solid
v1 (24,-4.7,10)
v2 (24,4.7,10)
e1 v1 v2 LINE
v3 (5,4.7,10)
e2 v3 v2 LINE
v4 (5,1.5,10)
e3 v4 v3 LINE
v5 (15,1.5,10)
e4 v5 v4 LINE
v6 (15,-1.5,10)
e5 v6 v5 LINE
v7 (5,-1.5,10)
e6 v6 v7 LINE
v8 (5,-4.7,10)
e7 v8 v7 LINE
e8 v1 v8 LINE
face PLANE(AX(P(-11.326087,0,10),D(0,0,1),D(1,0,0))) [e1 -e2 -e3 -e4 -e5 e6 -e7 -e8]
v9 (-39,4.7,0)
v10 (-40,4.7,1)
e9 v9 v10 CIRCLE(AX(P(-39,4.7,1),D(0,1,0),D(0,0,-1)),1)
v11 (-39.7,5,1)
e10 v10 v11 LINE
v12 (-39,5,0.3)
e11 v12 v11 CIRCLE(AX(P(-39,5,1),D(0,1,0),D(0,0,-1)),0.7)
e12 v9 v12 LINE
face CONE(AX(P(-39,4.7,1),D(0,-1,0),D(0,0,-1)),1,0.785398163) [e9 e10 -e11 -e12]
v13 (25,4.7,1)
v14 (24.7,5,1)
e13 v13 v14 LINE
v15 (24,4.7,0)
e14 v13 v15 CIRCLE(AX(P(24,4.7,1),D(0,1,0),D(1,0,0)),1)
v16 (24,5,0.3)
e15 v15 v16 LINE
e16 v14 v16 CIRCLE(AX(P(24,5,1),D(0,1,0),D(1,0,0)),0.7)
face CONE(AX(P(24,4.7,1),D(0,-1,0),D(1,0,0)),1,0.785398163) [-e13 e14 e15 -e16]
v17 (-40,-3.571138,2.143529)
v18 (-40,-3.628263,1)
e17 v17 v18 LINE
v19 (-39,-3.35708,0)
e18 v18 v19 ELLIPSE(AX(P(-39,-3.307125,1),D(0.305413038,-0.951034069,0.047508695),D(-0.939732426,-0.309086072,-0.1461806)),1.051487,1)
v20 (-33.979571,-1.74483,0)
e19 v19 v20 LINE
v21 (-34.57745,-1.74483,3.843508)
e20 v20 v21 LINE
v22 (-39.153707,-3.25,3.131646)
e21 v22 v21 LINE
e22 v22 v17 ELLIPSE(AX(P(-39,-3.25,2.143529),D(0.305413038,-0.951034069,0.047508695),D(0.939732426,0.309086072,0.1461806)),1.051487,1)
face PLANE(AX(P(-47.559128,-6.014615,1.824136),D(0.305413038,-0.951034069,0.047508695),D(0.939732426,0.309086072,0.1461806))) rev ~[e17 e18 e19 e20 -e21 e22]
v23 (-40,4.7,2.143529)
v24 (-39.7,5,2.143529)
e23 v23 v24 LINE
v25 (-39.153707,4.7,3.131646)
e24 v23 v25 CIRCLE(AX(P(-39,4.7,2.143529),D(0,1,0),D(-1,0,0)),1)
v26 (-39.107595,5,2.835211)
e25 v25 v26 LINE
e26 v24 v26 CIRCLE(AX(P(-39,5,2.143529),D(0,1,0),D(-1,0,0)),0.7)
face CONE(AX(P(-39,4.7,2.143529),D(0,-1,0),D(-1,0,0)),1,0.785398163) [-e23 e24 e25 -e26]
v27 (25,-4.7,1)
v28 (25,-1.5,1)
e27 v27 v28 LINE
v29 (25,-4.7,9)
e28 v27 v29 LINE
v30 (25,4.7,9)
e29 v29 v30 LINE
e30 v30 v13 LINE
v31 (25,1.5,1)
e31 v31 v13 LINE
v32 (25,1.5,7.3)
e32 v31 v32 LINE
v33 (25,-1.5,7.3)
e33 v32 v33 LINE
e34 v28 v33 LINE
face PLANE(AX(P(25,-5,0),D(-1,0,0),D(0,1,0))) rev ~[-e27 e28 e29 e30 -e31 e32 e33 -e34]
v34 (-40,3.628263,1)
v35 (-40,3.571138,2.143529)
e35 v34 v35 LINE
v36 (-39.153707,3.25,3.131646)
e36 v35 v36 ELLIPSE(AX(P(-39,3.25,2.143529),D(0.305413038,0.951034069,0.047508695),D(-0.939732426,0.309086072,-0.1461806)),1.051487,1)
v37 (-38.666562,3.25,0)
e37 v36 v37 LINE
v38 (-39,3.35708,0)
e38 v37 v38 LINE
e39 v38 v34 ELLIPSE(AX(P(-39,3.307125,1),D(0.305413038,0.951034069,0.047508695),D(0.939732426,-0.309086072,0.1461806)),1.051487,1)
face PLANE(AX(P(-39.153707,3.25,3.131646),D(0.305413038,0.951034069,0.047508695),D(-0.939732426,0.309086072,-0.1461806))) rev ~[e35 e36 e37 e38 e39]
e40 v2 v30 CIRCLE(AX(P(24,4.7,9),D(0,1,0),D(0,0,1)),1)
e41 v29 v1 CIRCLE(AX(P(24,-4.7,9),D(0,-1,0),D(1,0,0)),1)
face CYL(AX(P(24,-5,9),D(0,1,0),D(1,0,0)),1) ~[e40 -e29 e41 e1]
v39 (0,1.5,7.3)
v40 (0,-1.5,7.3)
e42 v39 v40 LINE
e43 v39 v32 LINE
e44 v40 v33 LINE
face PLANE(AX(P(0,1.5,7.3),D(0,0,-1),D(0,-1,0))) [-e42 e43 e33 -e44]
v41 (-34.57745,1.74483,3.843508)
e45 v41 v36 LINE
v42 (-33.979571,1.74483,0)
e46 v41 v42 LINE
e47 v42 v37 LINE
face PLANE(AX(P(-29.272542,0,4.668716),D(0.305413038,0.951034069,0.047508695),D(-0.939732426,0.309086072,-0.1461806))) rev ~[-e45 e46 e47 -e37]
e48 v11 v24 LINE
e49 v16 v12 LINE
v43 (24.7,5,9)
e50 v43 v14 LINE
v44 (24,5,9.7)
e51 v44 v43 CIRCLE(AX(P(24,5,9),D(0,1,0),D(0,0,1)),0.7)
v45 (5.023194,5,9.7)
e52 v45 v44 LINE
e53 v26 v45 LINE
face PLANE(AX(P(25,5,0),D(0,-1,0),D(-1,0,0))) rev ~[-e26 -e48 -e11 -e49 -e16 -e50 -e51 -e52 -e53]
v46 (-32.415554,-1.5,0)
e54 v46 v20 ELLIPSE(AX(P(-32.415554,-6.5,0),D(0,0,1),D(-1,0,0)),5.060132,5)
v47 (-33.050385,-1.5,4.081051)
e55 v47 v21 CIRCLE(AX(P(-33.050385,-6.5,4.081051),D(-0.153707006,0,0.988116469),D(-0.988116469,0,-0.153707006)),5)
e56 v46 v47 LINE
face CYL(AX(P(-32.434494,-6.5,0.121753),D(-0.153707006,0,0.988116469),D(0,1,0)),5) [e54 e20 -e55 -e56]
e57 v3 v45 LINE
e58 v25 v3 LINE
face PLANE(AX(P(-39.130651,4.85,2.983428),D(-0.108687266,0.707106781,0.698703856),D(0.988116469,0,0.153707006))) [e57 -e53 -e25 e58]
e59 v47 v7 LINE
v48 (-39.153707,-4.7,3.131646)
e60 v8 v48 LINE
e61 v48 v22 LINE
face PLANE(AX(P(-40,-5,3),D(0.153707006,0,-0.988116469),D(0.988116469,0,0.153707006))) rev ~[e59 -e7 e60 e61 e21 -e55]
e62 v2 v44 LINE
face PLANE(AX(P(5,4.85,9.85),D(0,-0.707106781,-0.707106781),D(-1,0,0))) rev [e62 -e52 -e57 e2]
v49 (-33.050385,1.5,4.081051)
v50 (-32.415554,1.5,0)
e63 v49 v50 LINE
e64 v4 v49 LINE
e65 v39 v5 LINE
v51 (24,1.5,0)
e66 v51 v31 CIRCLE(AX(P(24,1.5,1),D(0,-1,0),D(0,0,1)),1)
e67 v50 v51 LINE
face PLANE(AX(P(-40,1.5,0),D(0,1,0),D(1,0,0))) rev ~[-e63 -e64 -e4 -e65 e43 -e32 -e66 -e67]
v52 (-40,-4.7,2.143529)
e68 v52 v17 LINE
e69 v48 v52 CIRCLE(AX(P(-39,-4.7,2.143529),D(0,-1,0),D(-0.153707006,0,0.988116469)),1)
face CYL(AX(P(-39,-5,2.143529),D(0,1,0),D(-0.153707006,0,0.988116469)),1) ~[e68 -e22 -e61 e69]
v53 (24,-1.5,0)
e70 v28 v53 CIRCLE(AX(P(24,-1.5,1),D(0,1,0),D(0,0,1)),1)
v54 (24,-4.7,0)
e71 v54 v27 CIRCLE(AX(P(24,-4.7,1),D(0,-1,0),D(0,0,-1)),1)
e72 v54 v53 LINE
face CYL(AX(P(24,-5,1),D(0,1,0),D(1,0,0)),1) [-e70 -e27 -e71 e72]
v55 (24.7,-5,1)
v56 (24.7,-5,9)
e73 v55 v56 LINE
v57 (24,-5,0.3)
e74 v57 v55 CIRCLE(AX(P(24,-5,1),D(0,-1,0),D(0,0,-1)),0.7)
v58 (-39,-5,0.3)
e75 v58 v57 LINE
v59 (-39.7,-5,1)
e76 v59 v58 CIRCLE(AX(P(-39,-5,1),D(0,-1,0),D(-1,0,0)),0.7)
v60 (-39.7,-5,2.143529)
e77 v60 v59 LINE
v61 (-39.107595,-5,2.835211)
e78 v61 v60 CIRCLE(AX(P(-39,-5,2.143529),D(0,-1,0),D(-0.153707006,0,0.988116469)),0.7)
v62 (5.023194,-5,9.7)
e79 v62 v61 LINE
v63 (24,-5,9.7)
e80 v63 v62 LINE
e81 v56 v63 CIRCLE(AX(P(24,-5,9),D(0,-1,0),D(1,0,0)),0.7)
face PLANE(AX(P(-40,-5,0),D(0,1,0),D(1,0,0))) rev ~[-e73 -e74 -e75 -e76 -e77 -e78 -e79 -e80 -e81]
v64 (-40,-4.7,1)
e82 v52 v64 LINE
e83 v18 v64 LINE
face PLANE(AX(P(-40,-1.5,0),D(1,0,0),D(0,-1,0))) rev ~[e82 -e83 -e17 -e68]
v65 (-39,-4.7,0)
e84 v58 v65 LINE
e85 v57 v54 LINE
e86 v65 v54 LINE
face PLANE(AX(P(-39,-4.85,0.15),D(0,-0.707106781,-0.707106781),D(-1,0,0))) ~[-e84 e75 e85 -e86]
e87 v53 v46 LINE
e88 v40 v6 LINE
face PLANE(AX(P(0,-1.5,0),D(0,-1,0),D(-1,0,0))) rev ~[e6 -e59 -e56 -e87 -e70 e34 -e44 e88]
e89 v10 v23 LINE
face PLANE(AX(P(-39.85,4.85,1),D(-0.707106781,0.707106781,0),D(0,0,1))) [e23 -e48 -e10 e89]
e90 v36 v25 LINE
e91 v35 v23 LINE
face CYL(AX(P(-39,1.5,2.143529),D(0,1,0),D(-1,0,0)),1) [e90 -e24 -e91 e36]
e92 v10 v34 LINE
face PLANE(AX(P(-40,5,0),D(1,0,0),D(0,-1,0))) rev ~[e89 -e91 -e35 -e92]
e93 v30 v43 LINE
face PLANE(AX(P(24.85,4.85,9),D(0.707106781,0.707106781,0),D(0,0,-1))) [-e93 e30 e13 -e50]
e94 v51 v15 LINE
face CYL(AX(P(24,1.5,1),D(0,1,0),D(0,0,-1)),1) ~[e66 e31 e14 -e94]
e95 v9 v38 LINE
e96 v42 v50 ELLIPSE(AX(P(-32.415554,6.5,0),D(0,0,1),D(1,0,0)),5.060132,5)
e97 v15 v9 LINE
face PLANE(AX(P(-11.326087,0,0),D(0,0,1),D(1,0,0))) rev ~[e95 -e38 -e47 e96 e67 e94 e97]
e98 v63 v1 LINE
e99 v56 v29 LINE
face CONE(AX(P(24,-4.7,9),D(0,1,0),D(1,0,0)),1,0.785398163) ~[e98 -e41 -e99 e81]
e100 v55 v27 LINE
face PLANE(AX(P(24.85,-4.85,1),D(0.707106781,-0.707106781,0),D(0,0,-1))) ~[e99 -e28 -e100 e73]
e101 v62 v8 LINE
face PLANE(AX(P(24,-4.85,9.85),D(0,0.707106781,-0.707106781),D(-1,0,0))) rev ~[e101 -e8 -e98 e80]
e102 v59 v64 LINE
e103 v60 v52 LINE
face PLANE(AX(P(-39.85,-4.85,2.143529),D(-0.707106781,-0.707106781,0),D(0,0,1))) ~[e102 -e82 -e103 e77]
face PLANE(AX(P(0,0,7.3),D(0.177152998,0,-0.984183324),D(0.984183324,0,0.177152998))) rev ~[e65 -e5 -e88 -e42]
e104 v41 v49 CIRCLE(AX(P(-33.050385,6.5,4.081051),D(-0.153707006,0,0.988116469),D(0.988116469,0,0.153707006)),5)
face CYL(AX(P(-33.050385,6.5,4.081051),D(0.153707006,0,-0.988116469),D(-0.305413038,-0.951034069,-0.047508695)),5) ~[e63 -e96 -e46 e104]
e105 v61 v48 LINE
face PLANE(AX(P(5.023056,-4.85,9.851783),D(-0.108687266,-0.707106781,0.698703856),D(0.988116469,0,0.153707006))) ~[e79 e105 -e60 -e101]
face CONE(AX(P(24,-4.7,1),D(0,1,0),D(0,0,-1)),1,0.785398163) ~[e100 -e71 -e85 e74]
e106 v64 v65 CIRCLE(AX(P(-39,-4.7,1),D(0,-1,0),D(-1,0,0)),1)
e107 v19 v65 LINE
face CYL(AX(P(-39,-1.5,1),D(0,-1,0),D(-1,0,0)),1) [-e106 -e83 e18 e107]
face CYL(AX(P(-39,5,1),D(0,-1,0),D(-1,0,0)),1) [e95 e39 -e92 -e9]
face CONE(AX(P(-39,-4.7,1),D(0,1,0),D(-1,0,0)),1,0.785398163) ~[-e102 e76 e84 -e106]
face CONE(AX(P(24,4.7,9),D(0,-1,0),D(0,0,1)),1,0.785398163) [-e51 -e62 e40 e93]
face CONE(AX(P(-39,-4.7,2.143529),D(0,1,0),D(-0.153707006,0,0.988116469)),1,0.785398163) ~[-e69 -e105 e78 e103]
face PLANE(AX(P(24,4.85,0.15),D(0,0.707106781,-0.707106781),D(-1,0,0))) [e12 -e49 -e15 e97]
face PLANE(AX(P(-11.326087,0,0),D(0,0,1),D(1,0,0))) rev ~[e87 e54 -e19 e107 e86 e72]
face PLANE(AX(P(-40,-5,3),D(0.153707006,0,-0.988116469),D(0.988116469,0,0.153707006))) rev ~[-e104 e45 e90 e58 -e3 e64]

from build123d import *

# Parameters (mm, degrees)
F1_DEPTH  = 10
F2_W      = 3
F2_H      = 7.3
F3_DEPTH  = 25.001
F5_DEPTH  = 10.001
F6_R      = 1
F8_DEPTH  = 1.5
F10_DEPTH = 25
F11_R     = 5
F12_SIZE  = 0.3


with BuildPart() as f1:
    # F0 (on Top) → F1 (new body)
    with BuildSketch(Plane.XY):
        Polygon((-40, 5), (-40, 1.5), (0, 1.5), (0, 0), (0, -1.5), (-40, -1.5), (-40, -5), (25, -5), (25, 0), (25, 5), align=None)
    extrude(amount=F1_DEPTH)

    # F2 (on face) → F3 (cut, through all)
    with BuildSketch(Plane(origin=(0, 0, 0), x_dir=(0, -1, 0), z_dir=(-1, 0, 0))):
        with Locations((0, 3.65)):
            Rectangle(F2_W, F2_H)
    extrude(amount=-F3_DEPTH, mode=Mode.SUBTRACT)

    # F4 (on face) → F5 (cut, through all)
    with BuildSketch(Plane.XZ.offset(5)):
        Polygon((-40, 10), (-40, 3), (5, 10), align=None)
    extrude(amount=-F5_DEPTH, mode=Mode.SUBTRACT)

    # F6
    f6_edges = [f1.edges().sort_by_distance(p)[0] for p in [
        (25, -3.25, 0),
        (25, 3.25, 0),
        (-40, -3.25, 0),
        (-40, 3.25, 0),
        (-40, -3.25, 3),
        (-40, 3.25, 3),
        (25, 0, 10),
    ]]
    fillet(f6_edges, radius=F6_R)

    # F7 (on Front) → F8 (cut, symmetric)
    with BuildSketch(Plane.XZ):
        Polygon((0, 10), (0, 7.3), (15, 10), align=None)
    extrude(amount=F8_DEPTH, both=True, mode=Mode.SUBTRACT)

    # F9 (on face) → F10 (cut)
    with BuildSketch(Plane(origin=(-1.4006750241, 0, 9.0043394407), x_dir=(0.988116469, 0, 0.1537070063), z_dir=(-0.1537070063, 0, 0.988116469))):
        Polygon((-28.2070668472, 0), (-38.2070668472, 3.25), (-47.1767681407, 6.1651529204), (-46.7135751583, -6.0146152011), (-38.2070668472, -3.25), align=None)
    extrude(amount=-F10_DEPTH, mode=Mode.SUBTRACT)

    # F11
    f11_edges = [f1.edges().sort_by_distance(p)[0] for p in [
        (-33.525134, 1.5, 1.979649),
        (-33.525134, -1.5, 1.979649),
    ]]
    fillet(f11_edges, radius=F11_R)

    # F12
    f12_edges = [f1.edges().sort_by_distance(p)[0] for p in [
        (-7.5, 5, 0),
        (24.707107, 5, 0.292893),
        (-39.707107, 5, 0.292893),
        (25, 5, 5),
        (-40, 5, 1.571765),
        (24.707107, 5, 9.707107),
        (-39.759509, 5, 2.794026),
        (14.5, 5, 10),
        (-17.076854, 5, 6.565823),
        (-7.5, -5, 0),
        (-39.707107, -5, 0.292893),
        (24.707107, -5, 0.292893),
        (-40, -5, 1.571765),
        (25, -5, 5),
        (-39.759509, -5, 2.794026),
        (24.707107, -5, 9.707107),
        (-17.076854, -5, 6.565823),
        (14.5, -5, 10),
    ]]
    chamfer(f12_edges, length=F12_SIZE)


solid = f1.part
